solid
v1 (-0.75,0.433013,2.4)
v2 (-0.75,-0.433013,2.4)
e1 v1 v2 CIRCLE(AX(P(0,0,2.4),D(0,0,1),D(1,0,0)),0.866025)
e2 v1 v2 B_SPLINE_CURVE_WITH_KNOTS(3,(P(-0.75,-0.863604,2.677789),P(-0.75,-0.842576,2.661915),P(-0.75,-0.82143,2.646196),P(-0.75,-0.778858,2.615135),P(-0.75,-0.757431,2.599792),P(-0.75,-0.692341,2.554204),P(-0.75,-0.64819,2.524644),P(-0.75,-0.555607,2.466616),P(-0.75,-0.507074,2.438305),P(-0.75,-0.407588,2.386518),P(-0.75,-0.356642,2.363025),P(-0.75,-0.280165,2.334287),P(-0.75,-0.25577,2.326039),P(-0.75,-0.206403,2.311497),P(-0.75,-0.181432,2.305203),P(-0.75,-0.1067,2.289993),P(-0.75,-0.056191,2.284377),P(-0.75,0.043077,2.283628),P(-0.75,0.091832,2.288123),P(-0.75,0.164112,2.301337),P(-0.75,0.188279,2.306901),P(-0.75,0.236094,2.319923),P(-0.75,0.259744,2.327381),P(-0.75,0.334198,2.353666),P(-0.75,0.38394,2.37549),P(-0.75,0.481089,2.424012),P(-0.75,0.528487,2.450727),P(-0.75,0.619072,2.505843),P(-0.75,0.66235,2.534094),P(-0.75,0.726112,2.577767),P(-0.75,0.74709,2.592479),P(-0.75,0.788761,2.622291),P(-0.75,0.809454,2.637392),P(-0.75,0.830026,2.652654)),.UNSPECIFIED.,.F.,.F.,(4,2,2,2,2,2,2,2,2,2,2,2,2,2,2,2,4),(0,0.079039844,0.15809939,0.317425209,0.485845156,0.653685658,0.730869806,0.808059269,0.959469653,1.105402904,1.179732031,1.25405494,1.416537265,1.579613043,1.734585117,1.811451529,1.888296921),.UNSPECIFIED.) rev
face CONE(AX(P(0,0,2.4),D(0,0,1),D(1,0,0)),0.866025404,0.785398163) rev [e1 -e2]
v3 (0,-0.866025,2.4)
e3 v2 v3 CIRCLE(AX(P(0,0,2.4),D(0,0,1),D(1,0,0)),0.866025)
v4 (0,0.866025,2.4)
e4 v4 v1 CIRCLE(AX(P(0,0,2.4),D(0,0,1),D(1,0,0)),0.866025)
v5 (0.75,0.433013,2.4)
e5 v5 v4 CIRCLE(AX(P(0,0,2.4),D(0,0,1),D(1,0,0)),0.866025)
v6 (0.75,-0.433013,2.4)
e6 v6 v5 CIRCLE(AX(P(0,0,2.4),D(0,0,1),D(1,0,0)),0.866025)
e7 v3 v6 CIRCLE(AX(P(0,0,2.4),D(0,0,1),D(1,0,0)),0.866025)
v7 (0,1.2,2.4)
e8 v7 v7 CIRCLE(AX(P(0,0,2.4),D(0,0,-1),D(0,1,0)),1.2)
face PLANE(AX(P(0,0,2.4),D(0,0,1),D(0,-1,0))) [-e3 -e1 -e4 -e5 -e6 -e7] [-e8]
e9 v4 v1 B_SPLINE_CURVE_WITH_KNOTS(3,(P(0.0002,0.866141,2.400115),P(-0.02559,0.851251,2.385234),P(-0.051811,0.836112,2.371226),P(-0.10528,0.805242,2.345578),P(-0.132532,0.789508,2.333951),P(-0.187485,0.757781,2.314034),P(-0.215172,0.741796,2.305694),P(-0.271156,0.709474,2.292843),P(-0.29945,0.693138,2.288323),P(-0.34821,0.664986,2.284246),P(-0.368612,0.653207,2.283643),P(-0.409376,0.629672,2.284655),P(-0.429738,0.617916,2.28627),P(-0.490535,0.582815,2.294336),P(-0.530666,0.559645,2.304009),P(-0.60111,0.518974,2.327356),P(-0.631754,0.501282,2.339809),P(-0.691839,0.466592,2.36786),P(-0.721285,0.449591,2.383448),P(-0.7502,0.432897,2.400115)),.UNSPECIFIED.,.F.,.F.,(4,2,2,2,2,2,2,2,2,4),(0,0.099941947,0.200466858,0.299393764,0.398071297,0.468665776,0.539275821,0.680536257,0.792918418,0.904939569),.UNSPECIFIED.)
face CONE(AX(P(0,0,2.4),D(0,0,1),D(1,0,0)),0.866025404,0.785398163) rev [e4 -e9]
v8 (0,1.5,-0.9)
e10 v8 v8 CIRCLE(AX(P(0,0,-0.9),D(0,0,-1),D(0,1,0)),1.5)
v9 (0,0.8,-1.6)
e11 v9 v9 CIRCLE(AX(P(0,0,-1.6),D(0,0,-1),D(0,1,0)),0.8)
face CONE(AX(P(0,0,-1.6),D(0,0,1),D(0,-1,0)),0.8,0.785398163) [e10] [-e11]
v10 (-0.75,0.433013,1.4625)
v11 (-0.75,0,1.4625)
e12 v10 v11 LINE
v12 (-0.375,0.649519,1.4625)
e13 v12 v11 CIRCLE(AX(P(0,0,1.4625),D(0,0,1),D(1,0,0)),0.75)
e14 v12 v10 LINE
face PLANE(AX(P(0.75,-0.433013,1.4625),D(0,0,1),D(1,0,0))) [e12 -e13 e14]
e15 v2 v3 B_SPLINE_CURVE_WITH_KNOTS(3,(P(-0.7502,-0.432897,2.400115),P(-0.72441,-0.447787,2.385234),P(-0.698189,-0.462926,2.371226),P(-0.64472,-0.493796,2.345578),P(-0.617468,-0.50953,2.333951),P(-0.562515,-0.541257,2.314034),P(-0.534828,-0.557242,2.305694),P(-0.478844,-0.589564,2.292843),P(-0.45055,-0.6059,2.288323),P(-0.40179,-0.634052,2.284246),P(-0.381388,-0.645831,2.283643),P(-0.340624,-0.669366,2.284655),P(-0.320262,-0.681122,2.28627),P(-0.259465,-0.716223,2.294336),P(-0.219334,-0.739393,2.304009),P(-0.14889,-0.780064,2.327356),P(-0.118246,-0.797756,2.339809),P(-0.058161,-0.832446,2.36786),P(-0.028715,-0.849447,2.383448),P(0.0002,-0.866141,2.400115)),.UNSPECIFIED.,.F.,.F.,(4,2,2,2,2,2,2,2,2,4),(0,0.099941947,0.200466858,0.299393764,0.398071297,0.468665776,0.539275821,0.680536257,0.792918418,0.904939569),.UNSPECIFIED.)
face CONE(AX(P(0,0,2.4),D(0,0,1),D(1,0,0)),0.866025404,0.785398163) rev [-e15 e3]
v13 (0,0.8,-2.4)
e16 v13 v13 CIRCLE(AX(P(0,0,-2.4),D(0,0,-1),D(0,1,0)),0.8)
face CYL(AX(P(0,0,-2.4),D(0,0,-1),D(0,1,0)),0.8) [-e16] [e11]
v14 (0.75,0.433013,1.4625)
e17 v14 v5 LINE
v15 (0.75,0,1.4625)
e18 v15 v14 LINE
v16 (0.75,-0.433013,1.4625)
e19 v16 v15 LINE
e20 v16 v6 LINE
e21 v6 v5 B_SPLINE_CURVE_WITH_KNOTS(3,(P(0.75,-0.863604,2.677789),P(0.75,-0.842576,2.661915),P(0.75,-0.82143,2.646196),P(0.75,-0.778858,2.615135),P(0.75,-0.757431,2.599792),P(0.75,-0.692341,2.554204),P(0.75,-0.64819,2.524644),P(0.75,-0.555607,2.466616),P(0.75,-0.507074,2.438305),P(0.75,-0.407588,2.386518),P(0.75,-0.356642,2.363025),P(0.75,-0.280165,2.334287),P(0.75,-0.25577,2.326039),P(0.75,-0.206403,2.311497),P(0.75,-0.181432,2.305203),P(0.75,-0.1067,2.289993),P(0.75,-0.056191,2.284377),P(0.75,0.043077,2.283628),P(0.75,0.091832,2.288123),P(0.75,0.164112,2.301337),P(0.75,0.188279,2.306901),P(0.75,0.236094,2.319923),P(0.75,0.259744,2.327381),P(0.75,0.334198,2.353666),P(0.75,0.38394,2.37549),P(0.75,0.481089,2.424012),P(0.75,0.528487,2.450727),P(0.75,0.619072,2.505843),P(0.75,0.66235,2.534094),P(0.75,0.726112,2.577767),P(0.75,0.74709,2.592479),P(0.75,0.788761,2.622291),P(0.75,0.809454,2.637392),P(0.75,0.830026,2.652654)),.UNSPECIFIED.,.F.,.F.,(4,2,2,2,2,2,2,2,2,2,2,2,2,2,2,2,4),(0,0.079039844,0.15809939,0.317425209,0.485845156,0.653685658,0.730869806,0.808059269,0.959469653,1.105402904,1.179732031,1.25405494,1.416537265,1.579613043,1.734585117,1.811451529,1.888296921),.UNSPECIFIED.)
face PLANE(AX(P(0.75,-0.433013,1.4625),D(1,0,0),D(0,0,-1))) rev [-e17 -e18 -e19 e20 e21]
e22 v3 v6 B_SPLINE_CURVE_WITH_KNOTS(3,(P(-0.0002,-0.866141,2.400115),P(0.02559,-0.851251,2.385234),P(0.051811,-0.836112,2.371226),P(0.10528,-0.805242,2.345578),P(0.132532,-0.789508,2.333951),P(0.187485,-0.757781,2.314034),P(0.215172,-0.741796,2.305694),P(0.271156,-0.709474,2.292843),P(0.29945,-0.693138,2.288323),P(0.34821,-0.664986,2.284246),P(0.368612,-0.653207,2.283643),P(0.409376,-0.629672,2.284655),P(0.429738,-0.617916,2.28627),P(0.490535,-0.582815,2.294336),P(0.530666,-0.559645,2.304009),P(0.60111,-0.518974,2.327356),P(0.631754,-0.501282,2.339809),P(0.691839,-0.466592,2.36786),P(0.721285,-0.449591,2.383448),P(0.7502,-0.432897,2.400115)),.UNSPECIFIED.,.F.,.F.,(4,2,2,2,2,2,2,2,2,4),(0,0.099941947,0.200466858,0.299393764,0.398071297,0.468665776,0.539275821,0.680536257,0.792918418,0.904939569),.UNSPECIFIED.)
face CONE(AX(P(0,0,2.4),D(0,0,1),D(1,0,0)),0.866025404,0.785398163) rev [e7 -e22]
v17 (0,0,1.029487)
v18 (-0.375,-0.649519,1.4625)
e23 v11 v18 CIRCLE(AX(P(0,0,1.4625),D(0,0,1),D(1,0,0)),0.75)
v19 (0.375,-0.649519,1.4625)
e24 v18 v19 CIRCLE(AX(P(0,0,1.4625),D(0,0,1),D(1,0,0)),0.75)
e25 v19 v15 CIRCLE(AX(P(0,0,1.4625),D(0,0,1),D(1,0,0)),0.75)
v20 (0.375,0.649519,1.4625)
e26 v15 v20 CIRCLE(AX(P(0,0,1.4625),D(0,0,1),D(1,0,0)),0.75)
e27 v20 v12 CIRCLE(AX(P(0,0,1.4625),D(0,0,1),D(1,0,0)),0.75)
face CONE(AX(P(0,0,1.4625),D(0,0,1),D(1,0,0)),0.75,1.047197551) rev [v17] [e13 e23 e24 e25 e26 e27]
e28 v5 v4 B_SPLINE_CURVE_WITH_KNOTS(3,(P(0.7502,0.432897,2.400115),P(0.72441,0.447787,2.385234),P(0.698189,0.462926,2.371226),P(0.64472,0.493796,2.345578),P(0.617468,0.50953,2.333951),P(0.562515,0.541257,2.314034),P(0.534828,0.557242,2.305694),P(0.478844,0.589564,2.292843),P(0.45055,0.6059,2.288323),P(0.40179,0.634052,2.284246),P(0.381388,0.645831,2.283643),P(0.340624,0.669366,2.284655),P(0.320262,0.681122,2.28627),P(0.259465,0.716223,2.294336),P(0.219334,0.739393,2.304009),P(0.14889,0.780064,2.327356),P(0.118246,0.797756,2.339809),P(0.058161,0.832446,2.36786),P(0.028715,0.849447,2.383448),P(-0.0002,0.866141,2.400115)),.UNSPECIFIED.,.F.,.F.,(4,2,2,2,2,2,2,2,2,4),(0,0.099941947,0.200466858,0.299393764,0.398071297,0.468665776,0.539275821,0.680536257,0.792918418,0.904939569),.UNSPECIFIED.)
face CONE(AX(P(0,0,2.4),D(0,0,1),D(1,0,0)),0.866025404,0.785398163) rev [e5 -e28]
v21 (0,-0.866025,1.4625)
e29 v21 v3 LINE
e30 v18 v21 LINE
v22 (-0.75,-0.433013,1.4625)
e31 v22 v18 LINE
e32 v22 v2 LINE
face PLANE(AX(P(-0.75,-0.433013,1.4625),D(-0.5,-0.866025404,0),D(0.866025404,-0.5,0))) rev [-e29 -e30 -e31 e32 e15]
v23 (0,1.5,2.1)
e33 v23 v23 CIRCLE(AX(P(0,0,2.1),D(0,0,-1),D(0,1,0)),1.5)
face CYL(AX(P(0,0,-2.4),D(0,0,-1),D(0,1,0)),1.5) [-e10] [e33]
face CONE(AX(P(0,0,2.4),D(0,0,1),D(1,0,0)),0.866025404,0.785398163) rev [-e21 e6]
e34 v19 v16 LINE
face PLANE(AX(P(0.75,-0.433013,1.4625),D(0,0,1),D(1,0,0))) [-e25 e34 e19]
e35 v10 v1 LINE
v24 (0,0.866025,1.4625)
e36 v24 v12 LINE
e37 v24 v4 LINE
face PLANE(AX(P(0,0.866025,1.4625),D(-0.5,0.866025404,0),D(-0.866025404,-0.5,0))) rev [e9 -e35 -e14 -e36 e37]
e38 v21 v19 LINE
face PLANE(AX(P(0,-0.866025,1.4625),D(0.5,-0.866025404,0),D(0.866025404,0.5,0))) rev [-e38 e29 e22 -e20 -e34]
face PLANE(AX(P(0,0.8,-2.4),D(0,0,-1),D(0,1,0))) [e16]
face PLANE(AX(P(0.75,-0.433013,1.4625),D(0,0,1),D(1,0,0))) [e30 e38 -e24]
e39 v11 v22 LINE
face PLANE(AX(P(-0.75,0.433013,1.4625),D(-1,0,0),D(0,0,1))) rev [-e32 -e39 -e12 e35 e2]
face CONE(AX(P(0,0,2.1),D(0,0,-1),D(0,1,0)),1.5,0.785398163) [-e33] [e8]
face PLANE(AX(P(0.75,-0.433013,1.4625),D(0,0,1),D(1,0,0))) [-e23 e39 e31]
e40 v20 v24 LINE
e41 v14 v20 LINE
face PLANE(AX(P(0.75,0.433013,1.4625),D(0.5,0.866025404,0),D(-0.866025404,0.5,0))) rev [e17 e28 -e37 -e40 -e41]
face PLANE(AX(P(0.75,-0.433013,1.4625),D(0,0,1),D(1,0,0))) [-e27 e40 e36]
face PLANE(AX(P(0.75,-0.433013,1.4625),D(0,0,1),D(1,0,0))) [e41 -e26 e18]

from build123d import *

# Parameters (mm, degrees)
CUT_EXTRUDE1_DEPTH = 0.9375


with BuildPart() as part:
    # Sketch22 → Revolve1 (revolve)
    with BuildSketch(Plane(origin=(0, 0, 0), x_dir=(0, 0, -1), z_dir=(1, 0, 0))):
        Polygon((-2.4, 0), (-2.4, 1.2), (-2.1, 1.5), (0.9, 1.5), (1.6, 0.8), (2.4, 0.8), (2.4, 0), align=None)
    revolve(axis=Axis((0, 0, -2.4), (0, 0, 1)))

    # Sketch30 → Cut-Extrude1 (cut)
    with BuildSketch(Plane.XY.offset(2.4)):
        Polygon((0.75, -0.433012702), (0.75, 0.433012702), (0, 0.866025404), (-0.75, 0.433012702), (-0.75, -0.433012702), (0, -0.866025404), align=None)
    extrude(amount=-CUT_EXTRUDE1_DEPTH, mode=Mode.SUBTRACT)

    # Cut-Extrude2 cone 1 section (through the dimple's axis) → Cut-Extrude2 (revolve, cut)
    with BuildSketch(Plane(origin=(0, 0, 2.4), x_dir=(0, -1, 0), z_dir=(1, 0, 0))):
        Polygon((0, 0), (0.866025404, 0), (0, 0.866025404), align=None)
    revolve(axis=Axis((0, 0, 2.4), (0, 0, -1)), mode=Mode.SUBTRACT)

    # Cut-Extrude3 cone 1 section (through the dimple's axis) → Cut-Extrude3 (revolve, cut)
    with BuildSketch(Plane(origin=(0, 0, 1.4625), x_dir=(0, -1, 0), z_dir=(1, 0, 0))):
        Polygon((0, 0), (0.75, 0), (0, 0.433012702), align=None)
    revolve(axis=Axis((0, 0, 1.4625), (0, 0, -1)), mode=Mode.SUBTRACT)


solid = part.part
